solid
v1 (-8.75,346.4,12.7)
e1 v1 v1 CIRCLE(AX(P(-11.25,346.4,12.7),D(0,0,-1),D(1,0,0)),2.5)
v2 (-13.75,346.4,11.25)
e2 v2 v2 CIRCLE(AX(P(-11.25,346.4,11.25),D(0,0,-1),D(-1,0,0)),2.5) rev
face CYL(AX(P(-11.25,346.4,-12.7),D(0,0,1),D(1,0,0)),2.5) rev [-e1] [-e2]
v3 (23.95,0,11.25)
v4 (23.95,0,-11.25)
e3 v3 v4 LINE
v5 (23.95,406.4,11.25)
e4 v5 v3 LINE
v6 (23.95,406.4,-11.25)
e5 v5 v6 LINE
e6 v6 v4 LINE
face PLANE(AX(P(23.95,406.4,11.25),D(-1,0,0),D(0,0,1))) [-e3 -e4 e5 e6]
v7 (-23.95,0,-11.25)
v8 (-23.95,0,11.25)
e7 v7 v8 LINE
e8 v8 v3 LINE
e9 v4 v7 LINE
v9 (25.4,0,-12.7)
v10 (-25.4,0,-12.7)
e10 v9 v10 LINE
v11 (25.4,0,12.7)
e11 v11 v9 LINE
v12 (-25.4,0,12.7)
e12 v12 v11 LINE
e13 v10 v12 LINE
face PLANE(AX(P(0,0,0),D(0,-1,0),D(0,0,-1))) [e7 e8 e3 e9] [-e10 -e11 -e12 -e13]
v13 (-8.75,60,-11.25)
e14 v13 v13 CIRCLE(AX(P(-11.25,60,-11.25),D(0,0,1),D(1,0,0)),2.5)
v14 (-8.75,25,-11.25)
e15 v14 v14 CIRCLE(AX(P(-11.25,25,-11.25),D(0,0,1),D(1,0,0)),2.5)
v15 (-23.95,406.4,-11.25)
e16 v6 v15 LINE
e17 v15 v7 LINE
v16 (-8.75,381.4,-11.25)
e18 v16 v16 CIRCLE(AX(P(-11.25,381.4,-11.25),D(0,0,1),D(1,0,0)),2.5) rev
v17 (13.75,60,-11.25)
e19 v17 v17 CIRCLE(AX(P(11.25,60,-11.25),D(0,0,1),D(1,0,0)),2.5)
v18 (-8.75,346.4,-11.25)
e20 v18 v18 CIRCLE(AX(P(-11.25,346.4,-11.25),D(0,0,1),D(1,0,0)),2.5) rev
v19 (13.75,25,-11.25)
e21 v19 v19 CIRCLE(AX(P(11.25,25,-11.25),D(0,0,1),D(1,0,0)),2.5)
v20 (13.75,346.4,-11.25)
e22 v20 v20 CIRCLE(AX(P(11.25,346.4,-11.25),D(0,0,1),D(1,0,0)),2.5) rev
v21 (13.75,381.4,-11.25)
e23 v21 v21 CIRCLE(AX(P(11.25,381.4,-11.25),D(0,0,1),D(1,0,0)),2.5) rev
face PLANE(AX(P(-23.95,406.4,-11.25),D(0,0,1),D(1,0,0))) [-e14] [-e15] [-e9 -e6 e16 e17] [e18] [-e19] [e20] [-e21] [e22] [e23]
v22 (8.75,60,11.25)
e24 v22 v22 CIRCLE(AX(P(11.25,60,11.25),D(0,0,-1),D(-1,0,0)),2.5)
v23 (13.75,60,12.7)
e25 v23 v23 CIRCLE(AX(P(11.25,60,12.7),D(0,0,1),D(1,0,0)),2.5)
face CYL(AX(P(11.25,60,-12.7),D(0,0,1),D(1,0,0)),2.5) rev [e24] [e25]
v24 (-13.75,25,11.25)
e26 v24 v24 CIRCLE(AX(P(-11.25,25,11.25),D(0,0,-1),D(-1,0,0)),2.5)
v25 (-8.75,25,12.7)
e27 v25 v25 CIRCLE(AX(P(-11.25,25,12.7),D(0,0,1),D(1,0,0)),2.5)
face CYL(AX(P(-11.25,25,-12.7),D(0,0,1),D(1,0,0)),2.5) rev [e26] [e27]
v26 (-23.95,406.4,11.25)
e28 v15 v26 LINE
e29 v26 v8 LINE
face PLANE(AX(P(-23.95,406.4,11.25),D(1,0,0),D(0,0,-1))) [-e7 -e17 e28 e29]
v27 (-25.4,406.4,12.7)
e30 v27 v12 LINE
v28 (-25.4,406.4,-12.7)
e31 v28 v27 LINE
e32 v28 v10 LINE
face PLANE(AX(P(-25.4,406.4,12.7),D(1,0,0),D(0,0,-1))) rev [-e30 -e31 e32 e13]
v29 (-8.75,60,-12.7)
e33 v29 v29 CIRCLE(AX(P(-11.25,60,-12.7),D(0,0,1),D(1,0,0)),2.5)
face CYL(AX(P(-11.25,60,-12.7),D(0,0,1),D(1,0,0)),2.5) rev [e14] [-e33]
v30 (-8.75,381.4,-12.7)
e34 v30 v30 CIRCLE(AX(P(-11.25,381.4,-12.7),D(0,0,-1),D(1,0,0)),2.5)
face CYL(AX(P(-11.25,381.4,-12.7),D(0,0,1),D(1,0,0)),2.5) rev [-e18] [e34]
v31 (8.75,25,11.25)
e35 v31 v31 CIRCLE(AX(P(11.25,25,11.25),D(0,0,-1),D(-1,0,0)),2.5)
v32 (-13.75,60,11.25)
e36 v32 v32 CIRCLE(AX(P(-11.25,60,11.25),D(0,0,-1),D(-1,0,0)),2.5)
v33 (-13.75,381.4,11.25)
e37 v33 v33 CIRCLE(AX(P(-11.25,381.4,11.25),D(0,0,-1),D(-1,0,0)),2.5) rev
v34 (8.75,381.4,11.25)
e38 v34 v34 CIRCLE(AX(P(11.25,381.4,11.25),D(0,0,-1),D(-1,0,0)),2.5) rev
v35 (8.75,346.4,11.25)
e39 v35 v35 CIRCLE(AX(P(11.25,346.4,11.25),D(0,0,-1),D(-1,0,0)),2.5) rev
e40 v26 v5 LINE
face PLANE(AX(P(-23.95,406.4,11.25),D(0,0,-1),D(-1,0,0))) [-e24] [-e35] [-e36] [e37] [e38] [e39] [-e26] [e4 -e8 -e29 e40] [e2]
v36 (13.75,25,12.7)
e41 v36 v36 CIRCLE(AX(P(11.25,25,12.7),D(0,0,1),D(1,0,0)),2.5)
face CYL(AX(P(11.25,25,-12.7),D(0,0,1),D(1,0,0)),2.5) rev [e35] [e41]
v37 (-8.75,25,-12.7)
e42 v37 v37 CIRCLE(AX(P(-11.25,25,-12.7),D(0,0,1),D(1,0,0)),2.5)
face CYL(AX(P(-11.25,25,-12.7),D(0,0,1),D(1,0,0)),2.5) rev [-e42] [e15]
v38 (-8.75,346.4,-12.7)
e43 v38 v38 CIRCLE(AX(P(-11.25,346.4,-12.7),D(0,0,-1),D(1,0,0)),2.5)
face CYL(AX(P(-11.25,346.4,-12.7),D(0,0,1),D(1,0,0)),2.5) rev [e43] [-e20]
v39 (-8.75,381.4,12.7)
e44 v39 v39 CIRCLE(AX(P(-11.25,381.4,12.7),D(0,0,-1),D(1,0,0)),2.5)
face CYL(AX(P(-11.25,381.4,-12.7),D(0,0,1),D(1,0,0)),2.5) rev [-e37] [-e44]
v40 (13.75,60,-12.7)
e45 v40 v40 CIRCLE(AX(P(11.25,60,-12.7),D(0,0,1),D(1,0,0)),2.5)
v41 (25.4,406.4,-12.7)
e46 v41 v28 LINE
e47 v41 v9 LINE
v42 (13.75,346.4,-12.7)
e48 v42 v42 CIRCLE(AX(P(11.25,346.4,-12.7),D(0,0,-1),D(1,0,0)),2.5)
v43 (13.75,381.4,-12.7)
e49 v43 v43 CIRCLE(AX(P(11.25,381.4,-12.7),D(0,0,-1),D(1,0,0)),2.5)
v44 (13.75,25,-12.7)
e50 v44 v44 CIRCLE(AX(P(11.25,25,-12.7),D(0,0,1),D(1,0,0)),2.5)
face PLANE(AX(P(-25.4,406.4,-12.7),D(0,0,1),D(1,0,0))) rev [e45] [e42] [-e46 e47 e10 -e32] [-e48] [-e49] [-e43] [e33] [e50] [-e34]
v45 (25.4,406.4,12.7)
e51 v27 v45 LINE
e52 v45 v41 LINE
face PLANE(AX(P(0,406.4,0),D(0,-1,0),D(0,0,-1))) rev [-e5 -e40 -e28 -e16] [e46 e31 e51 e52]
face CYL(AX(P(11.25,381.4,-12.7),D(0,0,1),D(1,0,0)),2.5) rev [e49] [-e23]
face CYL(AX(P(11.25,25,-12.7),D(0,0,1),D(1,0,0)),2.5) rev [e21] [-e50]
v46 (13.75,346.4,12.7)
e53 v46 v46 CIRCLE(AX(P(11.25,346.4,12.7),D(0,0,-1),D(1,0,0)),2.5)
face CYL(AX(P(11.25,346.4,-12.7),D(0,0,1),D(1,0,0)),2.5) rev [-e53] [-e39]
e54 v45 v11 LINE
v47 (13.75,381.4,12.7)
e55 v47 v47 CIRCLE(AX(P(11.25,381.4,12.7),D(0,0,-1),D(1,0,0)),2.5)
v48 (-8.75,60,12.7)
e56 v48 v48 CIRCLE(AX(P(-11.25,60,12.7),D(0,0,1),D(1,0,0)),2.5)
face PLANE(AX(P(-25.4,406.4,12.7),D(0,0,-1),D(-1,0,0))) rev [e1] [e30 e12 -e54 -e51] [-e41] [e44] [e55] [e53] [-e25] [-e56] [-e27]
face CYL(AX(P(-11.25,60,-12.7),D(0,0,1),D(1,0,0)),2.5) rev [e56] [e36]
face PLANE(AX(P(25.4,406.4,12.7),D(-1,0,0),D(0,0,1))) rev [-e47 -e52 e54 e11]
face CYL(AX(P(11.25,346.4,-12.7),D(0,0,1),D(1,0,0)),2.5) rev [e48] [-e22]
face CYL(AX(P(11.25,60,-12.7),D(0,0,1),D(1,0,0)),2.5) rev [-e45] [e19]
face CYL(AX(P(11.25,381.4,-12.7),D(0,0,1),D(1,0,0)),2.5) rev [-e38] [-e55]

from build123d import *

# Parameters (mm, degrees)
SKETCH1_W           = 50.8
SKETCH1_H           = 25.4
SKETCH1_W_2         = 47.9
SKETCH1_H_2         = 22.5
BOSS_EXTRUDE1_DEPTH = 406.4
SKETCH2_R           = 2.5
CUT_EXTRUDE1_DEPTH  = 408.984411467


with BuildPart() as part:
    # Sketch1 → Boss-Extrude1 (new body)
    with BuildSketch(Plane(origin=(0, 0, 0), x_dir=(1, 0, 0), z_dir=(0, 1, 0))):
        Rectangle(SKETCH1_W, SKETCH1_H)
        Rectangle(SKETCH1_W_2, SKETCH1_H_2, mode=Mode.SUBTRACT)
    extrude(amount=BOSS_EXTRUDE1_DEPTH)

    # Sketch2 → Cut-Extrude1 (cut, through all)
    with BuildSketch(Plane.XY.offset(12.7)):
        with Locations((-11.25, 60)):
            Circle(SKETCH2_R)
        with Locations((-11.25, 25)):
            Circle(SKETCH2_R)
        with Locations((11.25, 25)):
            Circle(SKETCH2_R)
        with Locations((11.25, 60)):
            Circle(SKETCH2_R)
    cut_extrude1 = extrude(amount=-CUT_EXTRUDE1_DEPTH, mode=Mode.SUBTRACT)

    # Mirror1: Cut-Extrude1 across plane
    add(cut_extrude1.mirror(Plane.ZX.offset(203.2)), mode=Mode.SUBTRACT)


solid = part.part
